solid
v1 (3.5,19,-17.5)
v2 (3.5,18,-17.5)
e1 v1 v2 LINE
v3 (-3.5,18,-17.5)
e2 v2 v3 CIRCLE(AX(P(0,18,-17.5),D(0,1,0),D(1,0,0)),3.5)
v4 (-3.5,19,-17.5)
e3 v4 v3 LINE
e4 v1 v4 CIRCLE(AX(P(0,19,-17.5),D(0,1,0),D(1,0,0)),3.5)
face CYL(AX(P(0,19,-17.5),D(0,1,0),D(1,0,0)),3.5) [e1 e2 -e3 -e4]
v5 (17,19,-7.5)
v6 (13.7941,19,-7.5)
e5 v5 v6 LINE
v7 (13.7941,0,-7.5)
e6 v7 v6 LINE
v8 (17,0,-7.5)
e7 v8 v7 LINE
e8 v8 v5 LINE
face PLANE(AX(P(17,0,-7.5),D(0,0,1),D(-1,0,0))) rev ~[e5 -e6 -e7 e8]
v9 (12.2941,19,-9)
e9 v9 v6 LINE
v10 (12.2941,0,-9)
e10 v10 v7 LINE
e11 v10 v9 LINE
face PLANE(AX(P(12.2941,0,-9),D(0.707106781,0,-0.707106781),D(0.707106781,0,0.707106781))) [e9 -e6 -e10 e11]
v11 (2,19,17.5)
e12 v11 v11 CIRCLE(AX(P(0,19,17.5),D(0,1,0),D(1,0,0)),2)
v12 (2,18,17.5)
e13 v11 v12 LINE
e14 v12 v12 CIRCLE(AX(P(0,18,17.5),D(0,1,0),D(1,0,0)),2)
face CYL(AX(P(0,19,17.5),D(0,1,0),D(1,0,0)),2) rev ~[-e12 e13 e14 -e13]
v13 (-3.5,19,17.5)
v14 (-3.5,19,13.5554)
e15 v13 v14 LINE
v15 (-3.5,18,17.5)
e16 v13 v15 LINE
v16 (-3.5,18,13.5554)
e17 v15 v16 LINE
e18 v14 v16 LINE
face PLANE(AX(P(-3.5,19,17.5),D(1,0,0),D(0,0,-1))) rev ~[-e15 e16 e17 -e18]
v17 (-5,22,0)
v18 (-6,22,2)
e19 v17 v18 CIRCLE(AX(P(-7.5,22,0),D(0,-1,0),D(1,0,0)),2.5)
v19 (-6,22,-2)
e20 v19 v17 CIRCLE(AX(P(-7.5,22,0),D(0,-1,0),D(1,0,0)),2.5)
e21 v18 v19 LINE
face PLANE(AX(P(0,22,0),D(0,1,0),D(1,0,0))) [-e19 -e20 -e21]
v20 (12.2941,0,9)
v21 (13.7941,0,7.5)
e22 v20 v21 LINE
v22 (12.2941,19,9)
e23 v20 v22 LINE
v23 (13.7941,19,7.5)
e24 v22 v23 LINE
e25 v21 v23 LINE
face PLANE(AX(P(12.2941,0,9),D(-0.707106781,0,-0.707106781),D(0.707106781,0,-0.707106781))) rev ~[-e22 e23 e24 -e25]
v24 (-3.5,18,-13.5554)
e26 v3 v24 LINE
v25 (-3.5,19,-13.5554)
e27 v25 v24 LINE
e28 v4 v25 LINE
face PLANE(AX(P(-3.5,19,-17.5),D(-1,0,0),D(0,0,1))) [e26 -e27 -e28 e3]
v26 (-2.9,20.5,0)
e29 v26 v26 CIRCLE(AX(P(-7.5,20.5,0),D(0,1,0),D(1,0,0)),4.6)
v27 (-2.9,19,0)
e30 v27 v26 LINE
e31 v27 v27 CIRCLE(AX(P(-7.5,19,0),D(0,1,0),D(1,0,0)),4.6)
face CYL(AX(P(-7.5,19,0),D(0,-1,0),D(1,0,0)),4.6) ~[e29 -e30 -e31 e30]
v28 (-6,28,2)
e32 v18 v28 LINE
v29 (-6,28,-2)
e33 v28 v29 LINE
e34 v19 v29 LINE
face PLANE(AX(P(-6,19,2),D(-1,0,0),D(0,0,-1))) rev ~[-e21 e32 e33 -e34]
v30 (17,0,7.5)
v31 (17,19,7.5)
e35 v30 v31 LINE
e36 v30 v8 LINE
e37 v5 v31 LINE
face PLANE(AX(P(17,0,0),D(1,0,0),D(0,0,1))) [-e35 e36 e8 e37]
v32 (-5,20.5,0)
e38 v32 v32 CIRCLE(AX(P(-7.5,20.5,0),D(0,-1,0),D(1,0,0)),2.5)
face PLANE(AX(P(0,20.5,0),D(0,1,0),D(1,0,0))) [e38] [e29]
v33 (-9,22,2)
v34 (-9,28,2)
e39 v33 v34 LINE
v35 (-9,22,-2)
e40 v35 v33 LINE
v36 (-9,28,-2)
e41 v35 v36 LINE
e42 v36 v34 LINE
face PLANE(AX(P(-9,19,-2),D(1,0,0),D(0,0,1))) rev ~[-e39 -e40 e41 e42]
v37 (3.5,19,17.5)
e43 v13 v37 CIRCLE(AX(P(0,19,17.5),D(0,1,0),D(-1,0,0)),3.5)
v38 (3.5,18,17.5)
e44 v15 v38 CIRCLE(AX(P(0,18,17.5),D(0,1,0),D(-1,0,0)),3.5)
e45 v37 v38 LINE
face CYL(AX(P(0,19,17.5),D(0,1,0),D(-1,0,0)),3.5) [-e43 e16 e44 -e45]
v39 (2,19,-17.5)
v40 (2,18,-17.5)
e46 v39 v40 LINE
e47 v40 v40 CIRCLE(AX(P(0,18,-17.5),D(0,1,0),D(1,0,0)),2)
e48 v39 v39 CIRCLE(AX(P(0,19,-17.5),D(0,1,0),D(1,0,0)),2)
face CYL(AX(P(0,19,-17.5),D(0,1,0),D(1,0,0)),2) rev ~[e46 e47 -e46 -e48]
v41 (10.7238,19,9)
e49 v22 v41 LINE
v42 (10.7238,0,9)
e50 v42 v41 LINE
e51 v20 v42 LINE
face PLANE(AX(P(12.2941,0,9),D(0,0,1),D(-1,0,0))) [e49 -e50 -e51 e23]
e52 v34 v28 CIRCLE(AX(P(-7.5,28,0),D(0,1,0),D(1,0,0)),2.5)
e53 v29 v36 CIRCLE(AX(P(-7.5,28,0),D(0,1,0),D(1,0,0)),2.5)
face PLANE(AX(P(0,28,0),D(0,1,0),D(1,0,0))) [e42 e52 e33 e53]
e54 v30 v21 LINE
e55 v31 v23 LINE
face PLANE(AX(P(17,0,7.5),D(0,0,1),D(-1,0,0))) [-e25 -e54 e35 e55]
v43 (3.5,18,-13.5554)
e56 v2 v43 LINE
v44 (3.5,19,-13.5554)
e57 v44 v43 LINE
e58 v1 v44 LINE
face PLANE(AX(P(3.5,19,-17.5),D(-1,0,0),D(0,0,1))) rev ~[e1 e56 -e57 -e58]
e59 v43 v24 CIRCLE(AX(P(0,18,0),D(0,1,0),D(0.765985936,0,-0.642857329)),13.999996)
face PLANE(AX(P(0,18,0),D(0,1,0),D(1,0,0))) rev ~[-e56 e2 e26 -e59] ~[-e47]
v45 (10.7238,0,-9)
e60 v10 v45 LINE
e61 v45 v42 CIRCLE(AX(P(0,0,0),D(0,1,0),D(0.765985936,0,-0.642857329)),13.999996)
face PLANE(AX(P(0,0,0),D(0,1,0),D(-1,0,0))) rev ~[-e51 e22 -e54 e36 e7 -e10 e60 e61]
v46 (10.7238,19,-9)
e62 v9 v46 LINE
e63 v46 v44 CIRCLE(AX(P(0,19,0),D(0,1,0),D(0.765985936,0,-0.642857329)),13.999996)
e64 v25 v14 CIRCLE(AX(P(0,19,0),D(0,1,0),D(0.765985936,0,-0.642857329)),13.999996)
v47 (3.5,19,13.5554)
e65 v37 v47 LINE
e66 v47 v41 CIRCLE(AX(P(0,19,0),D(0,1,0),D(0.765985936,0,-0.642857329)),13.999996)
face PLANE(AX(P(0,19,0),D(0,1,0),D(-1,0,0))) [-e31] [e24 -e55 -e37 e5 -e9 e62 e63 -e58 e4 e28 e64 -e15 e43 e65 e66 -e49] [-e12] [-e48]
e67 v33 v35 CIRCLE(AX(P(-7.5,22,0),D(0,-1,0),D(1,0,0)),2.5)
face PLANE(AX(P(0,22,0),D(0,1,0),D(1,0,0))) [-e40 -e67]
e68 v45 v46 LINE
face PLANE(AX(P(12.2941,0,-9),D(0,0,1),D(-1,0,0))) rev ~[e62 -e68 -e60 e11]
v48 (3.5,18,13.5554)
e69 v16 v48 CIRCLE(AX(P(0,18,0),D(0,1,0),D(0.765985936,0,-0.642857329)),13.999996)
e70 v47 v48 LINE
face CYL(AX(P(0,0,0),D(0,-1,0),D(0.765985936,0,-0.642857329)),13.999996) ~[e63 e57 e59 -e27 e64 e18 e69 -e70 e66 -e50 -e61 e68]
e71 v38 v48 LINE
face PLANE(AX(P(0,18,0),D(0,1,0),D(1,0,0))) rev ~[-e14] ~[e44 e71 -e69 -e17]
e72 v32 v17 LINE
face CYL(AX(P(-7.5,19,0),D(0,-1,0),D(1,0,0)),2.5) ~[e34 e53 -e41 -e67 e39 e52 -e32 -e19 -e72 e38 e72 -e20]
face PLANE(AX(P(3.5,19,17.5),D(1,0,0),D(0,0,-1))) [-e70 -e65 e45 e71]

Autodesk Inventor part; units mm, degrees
ref_plane "YZ Plane" through (0, 0, 0) normal (1, 0, 0) x (0, 1, 0)
ref_plane "XZ Plane" through (0, 0, 0) normal (0, 1, 0) x (-1, 0, 0)
ref_plane "XY Plane" through (0, 0, 0) normal (0, 0, 1) x (1, 0, 0)
sketch "Sketch1" plane through (0, 0, 0) normal (0, 1, 0) x (-1, 0, 0)
  line L0 (-12.2941, 0) -> (-17, 0)
  line L1 (-17, 0) -> (-17, 7.5)
  line L2 (0, 0) -> (-12.2941, 0)
  line L3 (-12.2941, 9) -> (-10.7238, 9)
  line L4 (-12.2941, 9) -> (-13.7941, 7.5)
  line L5 (-12.2941, 9) -> (-9.8817, 9) construction
  arc A0 (-10.7238, -9) -> (-10.7238, 9) centre (0, 0) ccw
  line L6 (-17, 7.5) -> (-13.7941, 7.5)
  line L7 (-17, 0) -> (-17, -7.5)
  line L8 (-12.2941, -9) -> (-10.7238, -9)
  line L9 (-12.2941, -9) -> (-13.7941, -7.5)
  line L10 (-12.2941, -9) -> (-9.8817, -9) construction
  line L11 (-17, -7.5) -> (-13.7941, -7.5)
  dimension "d3" = 9
  dimension "d4" = 135
extrude "Extrusion1" add sketch "Sketch1" along normal blind 19
sketch "Sketch2" plane through (0, 19, 0) normal (0, 1, 0) x (1, 0, 0)
  circle A0 centre (-7.5, 0) radius 4.6
  circle A1 centre (-7.5, 0) radius 2.5
  arc A2 (10.7238, 9) -> (10.7238, -9) centre (0, 0) ccw projected
  line L0 (-6, -2) -> (-6, 2)
  line L1 (-9, 2) -> (-9, -2)
  circle A3 centre (0, -17.5) radius 2
  arc A4 (-3.5, -17.5) -> (3.5, -17.5) centre (0, -17.5) ccw
  line L2 (-3.5, -17.5) -> (-3.5, -13.5554)
  line L3 (3.5, -17.5) -> (3.5, -13.5554)
  arc A5 (-3.5, -13.5554) -> (3.5, -13.5554) centre (0, 0) ccw
  line L4 (0, 0) -> (2, 0)
  arc A6 (10.7238, 9) -> (10.7238, -9) centre (0, 0) ccw
  circle A7 centre (0, 17.5) radius 2
  arc A8 (3.5, 17.5) -> (-3.5, 17.5) centre (0, 17.5) ccw
  line L5 (-3.5, 17.5) -> (-3.5, 13.5554)
  line L6 (3.5, 17.5) -> (3.5, 13.5554)
  arc A9 (3.5, 13.5554) -> (-3.5, 13.5554) centre (0, 0) ccw
  point P0 (-7.5, -3.3735)
  dimension "d7" = 5
  dimension "d8" = 9.2
  dimension "d9" = 0
  dimension "d10" = 7.5
  dimension "d12" = 0
  dimension "d13" = 3
  dimension "d14" = 4
  dimension "d15" = 0
  dimension "d16" = 17.5
  dimension "d17" = 7
extrude "Extrusion2" add sketch "Sketch2" against normal blind 1 contours A2 L3 A4 L2 | A2 L5 A8 L6
extrude "Extrusion3" add sketch "Sketch2" along normal blind 9 contours L0 A1 L1
extrude "Extrusion4" add sketch "Sketch2" along normal blind 3 contours A1 L0 | L0 A1 L1 | L1 A1
extrude "Extrusion5" add sketch "Sketch2" along normal blind 1.5 contours A0
sketch "Sketch4" plane through (0, 19, 0) normal (0, 1, 0) x (1, 0, 0)
  point P0 (0, 0)
properties part number "stepper_motor"
